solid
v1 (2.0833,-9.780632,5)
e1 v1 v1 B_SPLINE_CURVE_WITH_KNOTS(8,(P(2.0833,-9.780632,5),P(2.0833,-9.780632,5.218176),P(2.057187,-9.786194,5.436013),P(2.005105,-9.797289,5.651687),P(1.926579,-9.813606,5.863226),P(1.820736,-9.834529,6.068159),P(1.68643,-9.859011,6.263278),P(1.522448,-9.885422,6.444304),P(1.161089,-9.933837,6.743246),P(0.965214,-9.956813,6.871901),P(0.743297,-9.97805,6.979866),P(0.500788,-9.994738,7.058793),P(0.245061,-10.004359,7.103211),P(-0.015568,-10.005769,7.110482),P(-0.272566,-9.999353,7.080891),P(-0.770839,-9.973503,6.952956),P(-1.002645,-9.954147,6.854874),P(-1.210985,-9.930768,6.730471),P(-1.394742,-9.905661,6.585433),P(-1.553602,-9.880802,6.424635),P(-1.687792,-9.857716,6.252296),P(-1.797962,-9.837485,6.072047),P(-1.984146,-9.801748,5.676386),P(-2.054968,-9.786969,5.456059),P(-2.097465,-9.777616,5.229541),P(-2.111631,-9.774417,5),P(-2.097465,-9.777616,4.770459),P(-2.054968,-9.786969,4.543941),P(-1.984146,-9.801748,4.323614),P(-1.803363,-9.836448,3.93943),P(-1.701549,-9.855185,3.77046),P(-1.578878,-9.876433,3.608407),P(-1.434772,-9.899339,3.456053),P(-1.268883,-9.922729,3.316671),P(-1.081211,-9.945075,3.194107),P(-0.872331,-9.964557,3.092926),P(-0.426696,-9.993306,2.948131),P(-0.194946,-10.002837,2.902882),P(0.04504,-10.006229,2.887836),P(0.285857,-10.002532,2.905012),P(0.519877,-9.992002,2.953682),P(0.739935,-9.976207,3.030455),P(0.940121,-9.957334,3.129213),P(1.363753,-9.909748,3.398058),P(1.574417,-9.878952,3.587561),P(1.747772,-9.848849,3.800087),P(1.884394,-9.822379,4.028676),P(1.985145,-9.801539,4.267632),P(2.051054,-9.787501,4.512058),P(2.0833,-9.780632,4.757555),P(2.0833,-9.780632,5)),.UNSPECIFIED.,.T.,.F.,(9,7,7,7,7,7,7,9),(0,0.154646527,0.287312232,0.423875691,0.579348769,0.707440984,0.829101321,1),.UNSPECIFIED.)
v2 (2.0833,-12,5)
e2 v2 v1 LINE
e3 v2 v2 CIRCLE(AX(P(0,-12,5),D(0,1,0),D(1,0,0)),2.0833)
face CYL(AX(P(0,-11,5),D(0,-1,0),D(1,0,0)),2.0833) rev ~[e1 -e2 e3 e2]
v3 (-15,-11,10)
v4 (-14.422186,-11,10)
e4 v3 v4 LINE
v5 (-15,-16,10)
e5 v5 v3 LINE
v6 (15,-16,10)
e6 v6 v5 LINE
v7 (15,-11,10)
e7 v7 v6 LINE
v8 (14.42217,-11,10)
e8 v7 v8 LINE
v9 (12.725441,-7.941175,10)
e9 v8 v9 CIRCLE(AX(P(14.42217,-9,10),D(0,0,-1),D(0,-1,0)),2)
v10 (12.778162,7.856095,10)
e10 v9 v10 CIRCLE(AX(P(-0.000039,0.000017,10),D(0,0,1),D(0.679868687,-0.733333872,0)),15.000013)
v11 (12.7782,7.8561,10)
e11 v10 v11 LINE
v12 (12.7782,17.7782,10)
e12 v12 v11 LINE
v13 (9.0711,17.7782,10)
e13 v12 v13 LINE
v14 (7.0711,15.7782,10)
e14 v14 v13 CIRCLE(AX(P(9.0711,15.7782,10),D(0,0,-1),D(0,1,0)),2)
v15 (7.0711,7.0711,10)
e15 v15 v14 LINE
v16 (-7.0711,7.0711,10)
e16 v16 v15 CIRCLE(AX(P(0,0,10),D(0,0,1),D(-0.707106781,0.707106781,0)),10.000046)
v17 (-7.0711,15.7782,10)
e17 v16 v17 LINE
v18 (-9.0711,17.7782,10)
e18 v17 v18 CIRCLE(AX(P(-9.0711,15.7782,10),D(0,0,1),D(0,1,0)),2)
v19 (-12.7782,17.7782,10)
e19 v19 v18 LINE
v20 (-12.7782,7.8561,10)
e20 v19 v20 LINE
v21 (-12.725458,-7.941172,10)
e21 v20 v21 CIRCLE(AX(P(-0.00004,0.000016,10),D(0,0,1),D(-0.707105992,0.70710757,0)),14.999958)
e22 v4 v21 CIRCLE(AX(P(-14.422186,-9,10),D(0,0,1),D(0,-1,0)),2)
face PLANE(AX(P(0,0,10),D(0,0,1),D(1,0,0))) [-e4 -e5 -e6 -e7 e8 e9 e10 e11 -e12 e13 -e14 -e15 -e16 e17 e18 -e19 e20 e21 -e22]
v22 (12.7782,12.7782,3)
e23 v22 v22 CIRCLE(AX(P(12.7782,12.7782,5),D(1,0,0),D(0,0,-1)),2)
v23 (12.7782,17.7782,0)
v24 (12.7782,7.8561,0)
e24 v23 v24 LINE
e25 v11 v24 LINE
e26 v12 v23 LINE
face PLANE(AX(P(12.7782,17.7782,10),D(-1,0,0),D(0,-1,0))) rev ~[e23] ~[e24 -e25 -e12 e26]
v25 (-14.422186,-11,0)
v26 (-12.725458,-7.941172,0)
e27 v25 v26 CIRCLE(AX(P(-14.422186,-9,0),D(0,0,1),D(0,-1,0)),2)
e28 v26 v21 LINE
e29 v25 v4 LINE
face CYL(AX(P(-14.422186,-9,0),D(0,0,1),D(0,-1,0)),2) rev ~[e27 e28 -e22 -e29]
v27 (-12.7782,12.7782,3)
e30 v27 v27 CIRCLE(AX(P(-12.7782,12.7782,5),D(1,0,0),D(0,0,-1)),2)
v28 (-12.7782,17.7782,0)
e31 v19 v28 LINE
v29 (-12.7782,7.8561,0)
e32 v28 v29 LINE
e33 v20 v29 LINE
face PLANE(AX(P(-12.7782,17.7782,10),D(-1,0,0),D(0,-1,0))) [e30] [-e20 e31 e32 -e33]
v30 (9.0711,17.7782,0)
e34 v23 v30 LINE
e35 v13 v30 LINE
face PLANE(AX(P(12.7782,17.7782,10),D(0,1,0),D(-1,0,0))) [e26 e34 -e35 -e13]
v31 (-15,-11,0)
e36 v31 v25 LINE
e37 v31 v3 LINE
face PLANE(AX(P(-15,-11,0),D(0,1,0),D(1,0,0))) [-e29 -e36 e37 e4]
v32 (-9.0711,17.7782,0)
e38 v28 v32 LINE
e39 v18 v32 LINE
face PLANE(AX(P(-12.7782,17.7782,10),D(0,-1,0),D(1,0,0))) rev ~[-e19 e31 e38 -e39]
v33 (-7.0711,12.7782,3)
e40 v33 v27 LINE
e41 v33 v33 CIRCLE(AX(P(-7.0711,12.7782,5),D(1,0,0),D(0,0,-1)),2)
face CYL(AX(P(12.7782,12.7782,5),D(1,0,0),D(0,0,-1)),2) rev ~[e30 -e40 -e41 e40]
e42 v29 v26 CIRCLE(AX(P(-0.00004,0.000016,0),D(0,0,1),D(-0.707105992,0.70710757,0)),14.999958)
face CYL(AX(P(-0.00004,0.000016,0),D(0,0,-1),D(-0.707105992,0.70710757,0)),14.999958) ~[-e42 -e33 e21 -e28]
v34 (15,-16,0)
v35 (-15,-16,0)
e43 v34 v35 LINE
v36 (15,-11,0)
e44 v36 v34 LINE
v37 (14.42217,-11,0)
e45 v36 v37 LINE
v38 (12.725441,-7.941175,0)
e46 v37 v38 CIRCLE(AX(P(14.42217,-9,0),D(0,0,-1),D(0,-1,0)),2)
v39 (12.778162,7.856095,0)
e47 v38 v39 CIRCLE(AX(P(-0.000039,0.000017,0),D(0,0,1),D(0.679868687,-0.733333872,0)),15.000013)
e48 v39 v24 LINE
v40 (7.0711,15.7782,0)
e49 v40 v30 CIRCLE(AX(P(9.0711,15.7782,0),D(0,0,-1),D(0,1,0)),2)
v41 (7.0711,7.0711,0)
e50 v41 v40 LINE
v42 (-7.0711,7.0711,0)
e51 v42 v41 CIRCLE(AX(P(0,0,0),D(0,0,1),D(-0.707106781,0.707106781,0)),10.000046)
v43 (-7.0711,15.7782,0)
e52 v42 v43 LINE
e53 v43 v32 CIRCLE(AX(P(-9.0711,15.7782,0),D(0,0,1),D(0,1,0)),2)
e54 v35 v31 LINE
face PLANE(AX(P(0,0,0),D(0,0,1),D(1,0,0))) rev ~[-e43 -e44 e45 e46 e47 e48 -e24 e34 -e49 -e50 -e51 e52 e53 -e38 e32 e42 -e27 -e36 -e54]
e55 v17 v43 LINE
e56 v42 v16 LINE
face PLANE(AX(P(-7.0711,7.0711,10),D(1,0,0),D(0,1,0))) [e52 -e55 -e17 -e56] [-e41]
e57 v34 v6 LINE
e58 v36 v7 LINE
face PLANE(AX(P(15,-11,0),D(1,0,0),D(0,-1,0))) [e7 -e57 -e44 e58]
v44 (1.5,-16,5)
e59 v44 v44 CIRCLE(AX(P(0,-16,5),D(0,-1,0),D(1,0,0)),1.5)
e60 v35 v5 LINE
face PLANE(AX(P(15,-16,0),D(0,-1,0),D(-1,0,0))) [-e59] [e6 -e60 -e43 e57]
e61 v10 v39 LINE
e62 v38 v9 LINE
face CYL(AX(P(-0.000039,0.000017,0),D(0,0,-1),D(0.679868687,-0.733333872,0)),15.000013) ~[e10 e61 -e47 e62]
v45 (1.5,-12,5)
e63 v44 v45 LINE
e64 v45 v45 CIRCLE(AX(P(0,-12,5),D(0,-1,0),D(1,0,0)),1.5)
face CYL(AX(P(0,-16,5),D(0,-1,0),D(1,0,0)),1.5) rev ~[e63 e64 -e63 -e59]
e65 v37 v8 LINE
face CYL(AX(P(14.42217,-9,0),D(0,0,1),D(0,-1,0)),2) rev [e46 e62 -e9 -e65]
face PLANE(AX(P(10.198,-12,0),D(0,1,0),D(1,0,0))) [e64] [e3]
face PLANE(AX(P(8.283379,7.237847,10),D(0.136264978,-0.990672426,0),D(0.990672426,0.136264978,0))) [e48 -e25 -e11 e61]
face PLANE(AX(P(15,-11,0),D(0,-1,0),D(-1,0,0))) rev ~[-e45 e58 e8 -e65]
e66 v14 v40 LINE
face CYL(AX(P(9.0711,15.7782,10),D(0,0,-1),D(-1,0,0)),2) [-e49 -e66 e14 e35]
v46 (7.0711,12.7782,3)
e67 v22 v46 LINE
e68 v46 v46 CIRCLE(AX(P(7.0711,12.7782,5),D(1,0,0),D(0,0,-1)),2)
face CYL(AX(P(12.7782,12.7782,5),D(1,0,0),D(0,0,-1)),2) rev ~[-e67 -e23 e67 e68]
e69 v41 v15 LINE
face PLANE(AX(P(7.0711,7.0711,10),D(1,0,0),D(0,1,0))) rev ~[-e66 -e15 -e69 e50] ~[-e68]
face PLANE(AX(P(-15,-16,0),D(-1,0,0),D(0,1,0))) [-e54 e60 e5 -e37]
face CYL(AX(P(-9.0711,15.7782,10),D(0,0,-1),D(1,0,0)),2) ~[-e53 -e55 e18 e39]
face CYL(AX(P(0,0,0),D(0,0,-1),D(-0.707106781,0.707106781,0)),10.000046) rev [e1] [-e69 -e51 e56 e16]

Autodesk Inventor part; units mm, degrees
ref_plane "YZ Plane" through (0, 0, 0) normal (1, 0, 0) x (0, 1, 0)
ref_plane "XZ Plane" through (0, 0, 0) normal (0, 1, 0) x (-1, 0, 0)
ref_plane "XY Plane" through (0, 0, 0) normal (0, 0, 1) x (1, 0, 0)
sketch "Sketch1" plane through (0, 0, 0) normal (0, 0, 1) x (1, 0, 0)
  line L0 (0, 0) -> (15.5887, 0) construction
  line L1 (0, 0) -> (20, 0) construction
  line L2 (15, -11) -> (15, -16)
  line L3 (15, -16) -> (-15, -16)
  line L4 (-15, -16) -> (-15, -11)
  line L5 (-15, -11) -> (-10.198, -11)
  arc A0 (-10.6066, 10.6066) -> (-10.198, -11) centre (0, 0) ccw
  arc A1 (10.198, -11) -> (10.6066, 10.6066) centre (0, 0) ccw
  line L6 (15, -11) -> (10.198, -11)
  arc A2 (-7.0711, 7.0711) -> (7.0711, 7.0711) centre (0, 0) ccw
  line L7 (10.6066, 10.6066) -> (7.0711, 7.0711)
  line L8 (-7.0711, 7.0711) -> (-10.6066, 10.6066)
  dimension "d6" = 5
  dimension "d7" = 30
  dimension "d35" = 20
extrude "Extrusion1" add sketch "Sketch1" along normal blind 10
sketch "Sketch2" plane through (-15, -16, 0) normal (0, -1, 0) x (1, 0, 0)
  line L0 (0, 10) -> (30, 10) projected
  line L1 (30, 10) -> (25.198, 10) projected
  line L2 (0, 0) -> (30, 0) projected
  circle A0 centre (15, 5) radius 1.5
  point P0 (15, 0)
  dimension "d10" = 3
extrude "Extrusion2" cut sketch "Sketch2" against normal blind 24.75
sketch "Sketch3" plane through (10.198, -11, 0) normal (0, 1, 0) x (1, 0, 0)
  line L0 (4.802, 0) -> (0, 0) projected
  line L1 (-20.3961, -10) -> (-25.198, -10) projected
  line L2 (-20.3961, 0) -> (-25.198, 0) projected
  line L3 (4.802, -10) -> (0, -10) projected
  circle A0 centre (-10.198, -5) radius 2.0833
  point P0 (-10.198, 0)
sketch "Sketch4" plane through (0, 0, 0) normal (0, 0, -1) x (-1, 0, 0)
  point P0 (0, 0)
extrude "Extrusion3" cut sketch "Sketch3" against normal blind 1
sketch "Sketch5" plane through (10.198, -11, 0) normal (0, -1, 0) x (1, 0, 0)
  circle A0 centre (-10.198, 5) radius 1.5 projected
  circle A1 centre (-10.198, 5) radius 2.0833 projected
  circle A2 centre (-10.198, 5) radius 2.0833
  point P0 (-10.198, 0)
  point P1 (-10.198, 6.5)
  point P2 (-10.198, 3.5)
  point P3 (-10.198, 2.9167)
  point P4 (-10.198, 7.0833)
  point P5 (-10.198, 2.9167)
extrude "Extrusion4" cut sketch "Sketch5" against normal blind 1.5 contours A0 | A1
fillet "Fillet1" radius 2 1 edges at (-10.198, -11, 5)
fillet "Fillet2" radius 2 1 edges at (10.198, -11, 5)
sketch "Sketch6" plane through (0, 0, 10) normal (0, 0, 1) x (1, 0, 0)
  line L0 (-7.7782, 7.7782) -> (-10.6066, 10.6066) projected
  line L1 (-12.7782, 17.7782) -> (-12.7782, 7.8561)
  arc A0 (-10.6066, 10.6066) -> (-12.7255, -7.9412) centre (0, 0) ccw projected
  arc A1 (-7.0711, 7.0711) -> (7.0711, 7.0711) centre (0, 0) ccw construction
  line L2 (-7.0711, 7.0711) -> (-10.6066, 10.6066) projected
  line L3 (-7.0711, 7.0711) -> (-7.0711, 17.7782)
  line L4 (-12.7782, 17.7782) -> (-7.0711, 17.7782)
extrude "Extrusion5" add sketch "Sketch6" against normal blind 10
sketch "Sketch7" plane through (0, 0, 10) normal (0, 0, 1) x (1, 0, 0)
  line L0 (12.7782, 17.7782) -> (12.7782, 7.8561)
  arc A0 (12.7255, -7.9412) -> (10.6066, 10.6066) centre (0, 0) ccw projected
  arc A1 (-7.7782, 7.7782) -> (7.7782, 7.7782) centre (0, 0) ccw projected
  arc A2 (-7.0711, 7.0711) -> (7.0711, 7.0711) centre (0, 0) ccw projected
  line L1 (7.0711, 7.0711) -> (7.0711, 17.7782)
  line L2 (12.7782, 17.7782) -> (7.0711, 17.7782)
  line L3 (7.0711, 7.0711) -> (12.7782, 7.8561)
extrude "Extrusion6" add sketch "Sketch7" against normal blind 10
sketch "Sketch8" plane through (12.7782, 7.8561, 10) normal (1, 0, 0) x (0, 0, -1)
  line L0 (0, 9.9221) -> (0, 0) construction
  line L1 (10, -0.0779) -> (0, -0.0779) construction
  line L2 (0, 9.9221) -> (10, -0.0779) construction
  line L3 (0, 9.9221) -> (10, 9.9221) construction
  line L4 (10, 9.9221) -> (0, -0.0779) construction
  circle A0 centre (5, 4.9221) radius 2
  point P0 (10, -7.8561)
  dimension "d28" = 4
extrude "Extrusion7" cut sketch "Sketch8" against normal blind 36
fillet "Fillet9" radius 2 1 edges at (-7.0711, 17.7782, 5)
fillet "Fillet10" radius 2 1 edges at (7.0711, 17.7782, 5)
properties part number "buisClip"
